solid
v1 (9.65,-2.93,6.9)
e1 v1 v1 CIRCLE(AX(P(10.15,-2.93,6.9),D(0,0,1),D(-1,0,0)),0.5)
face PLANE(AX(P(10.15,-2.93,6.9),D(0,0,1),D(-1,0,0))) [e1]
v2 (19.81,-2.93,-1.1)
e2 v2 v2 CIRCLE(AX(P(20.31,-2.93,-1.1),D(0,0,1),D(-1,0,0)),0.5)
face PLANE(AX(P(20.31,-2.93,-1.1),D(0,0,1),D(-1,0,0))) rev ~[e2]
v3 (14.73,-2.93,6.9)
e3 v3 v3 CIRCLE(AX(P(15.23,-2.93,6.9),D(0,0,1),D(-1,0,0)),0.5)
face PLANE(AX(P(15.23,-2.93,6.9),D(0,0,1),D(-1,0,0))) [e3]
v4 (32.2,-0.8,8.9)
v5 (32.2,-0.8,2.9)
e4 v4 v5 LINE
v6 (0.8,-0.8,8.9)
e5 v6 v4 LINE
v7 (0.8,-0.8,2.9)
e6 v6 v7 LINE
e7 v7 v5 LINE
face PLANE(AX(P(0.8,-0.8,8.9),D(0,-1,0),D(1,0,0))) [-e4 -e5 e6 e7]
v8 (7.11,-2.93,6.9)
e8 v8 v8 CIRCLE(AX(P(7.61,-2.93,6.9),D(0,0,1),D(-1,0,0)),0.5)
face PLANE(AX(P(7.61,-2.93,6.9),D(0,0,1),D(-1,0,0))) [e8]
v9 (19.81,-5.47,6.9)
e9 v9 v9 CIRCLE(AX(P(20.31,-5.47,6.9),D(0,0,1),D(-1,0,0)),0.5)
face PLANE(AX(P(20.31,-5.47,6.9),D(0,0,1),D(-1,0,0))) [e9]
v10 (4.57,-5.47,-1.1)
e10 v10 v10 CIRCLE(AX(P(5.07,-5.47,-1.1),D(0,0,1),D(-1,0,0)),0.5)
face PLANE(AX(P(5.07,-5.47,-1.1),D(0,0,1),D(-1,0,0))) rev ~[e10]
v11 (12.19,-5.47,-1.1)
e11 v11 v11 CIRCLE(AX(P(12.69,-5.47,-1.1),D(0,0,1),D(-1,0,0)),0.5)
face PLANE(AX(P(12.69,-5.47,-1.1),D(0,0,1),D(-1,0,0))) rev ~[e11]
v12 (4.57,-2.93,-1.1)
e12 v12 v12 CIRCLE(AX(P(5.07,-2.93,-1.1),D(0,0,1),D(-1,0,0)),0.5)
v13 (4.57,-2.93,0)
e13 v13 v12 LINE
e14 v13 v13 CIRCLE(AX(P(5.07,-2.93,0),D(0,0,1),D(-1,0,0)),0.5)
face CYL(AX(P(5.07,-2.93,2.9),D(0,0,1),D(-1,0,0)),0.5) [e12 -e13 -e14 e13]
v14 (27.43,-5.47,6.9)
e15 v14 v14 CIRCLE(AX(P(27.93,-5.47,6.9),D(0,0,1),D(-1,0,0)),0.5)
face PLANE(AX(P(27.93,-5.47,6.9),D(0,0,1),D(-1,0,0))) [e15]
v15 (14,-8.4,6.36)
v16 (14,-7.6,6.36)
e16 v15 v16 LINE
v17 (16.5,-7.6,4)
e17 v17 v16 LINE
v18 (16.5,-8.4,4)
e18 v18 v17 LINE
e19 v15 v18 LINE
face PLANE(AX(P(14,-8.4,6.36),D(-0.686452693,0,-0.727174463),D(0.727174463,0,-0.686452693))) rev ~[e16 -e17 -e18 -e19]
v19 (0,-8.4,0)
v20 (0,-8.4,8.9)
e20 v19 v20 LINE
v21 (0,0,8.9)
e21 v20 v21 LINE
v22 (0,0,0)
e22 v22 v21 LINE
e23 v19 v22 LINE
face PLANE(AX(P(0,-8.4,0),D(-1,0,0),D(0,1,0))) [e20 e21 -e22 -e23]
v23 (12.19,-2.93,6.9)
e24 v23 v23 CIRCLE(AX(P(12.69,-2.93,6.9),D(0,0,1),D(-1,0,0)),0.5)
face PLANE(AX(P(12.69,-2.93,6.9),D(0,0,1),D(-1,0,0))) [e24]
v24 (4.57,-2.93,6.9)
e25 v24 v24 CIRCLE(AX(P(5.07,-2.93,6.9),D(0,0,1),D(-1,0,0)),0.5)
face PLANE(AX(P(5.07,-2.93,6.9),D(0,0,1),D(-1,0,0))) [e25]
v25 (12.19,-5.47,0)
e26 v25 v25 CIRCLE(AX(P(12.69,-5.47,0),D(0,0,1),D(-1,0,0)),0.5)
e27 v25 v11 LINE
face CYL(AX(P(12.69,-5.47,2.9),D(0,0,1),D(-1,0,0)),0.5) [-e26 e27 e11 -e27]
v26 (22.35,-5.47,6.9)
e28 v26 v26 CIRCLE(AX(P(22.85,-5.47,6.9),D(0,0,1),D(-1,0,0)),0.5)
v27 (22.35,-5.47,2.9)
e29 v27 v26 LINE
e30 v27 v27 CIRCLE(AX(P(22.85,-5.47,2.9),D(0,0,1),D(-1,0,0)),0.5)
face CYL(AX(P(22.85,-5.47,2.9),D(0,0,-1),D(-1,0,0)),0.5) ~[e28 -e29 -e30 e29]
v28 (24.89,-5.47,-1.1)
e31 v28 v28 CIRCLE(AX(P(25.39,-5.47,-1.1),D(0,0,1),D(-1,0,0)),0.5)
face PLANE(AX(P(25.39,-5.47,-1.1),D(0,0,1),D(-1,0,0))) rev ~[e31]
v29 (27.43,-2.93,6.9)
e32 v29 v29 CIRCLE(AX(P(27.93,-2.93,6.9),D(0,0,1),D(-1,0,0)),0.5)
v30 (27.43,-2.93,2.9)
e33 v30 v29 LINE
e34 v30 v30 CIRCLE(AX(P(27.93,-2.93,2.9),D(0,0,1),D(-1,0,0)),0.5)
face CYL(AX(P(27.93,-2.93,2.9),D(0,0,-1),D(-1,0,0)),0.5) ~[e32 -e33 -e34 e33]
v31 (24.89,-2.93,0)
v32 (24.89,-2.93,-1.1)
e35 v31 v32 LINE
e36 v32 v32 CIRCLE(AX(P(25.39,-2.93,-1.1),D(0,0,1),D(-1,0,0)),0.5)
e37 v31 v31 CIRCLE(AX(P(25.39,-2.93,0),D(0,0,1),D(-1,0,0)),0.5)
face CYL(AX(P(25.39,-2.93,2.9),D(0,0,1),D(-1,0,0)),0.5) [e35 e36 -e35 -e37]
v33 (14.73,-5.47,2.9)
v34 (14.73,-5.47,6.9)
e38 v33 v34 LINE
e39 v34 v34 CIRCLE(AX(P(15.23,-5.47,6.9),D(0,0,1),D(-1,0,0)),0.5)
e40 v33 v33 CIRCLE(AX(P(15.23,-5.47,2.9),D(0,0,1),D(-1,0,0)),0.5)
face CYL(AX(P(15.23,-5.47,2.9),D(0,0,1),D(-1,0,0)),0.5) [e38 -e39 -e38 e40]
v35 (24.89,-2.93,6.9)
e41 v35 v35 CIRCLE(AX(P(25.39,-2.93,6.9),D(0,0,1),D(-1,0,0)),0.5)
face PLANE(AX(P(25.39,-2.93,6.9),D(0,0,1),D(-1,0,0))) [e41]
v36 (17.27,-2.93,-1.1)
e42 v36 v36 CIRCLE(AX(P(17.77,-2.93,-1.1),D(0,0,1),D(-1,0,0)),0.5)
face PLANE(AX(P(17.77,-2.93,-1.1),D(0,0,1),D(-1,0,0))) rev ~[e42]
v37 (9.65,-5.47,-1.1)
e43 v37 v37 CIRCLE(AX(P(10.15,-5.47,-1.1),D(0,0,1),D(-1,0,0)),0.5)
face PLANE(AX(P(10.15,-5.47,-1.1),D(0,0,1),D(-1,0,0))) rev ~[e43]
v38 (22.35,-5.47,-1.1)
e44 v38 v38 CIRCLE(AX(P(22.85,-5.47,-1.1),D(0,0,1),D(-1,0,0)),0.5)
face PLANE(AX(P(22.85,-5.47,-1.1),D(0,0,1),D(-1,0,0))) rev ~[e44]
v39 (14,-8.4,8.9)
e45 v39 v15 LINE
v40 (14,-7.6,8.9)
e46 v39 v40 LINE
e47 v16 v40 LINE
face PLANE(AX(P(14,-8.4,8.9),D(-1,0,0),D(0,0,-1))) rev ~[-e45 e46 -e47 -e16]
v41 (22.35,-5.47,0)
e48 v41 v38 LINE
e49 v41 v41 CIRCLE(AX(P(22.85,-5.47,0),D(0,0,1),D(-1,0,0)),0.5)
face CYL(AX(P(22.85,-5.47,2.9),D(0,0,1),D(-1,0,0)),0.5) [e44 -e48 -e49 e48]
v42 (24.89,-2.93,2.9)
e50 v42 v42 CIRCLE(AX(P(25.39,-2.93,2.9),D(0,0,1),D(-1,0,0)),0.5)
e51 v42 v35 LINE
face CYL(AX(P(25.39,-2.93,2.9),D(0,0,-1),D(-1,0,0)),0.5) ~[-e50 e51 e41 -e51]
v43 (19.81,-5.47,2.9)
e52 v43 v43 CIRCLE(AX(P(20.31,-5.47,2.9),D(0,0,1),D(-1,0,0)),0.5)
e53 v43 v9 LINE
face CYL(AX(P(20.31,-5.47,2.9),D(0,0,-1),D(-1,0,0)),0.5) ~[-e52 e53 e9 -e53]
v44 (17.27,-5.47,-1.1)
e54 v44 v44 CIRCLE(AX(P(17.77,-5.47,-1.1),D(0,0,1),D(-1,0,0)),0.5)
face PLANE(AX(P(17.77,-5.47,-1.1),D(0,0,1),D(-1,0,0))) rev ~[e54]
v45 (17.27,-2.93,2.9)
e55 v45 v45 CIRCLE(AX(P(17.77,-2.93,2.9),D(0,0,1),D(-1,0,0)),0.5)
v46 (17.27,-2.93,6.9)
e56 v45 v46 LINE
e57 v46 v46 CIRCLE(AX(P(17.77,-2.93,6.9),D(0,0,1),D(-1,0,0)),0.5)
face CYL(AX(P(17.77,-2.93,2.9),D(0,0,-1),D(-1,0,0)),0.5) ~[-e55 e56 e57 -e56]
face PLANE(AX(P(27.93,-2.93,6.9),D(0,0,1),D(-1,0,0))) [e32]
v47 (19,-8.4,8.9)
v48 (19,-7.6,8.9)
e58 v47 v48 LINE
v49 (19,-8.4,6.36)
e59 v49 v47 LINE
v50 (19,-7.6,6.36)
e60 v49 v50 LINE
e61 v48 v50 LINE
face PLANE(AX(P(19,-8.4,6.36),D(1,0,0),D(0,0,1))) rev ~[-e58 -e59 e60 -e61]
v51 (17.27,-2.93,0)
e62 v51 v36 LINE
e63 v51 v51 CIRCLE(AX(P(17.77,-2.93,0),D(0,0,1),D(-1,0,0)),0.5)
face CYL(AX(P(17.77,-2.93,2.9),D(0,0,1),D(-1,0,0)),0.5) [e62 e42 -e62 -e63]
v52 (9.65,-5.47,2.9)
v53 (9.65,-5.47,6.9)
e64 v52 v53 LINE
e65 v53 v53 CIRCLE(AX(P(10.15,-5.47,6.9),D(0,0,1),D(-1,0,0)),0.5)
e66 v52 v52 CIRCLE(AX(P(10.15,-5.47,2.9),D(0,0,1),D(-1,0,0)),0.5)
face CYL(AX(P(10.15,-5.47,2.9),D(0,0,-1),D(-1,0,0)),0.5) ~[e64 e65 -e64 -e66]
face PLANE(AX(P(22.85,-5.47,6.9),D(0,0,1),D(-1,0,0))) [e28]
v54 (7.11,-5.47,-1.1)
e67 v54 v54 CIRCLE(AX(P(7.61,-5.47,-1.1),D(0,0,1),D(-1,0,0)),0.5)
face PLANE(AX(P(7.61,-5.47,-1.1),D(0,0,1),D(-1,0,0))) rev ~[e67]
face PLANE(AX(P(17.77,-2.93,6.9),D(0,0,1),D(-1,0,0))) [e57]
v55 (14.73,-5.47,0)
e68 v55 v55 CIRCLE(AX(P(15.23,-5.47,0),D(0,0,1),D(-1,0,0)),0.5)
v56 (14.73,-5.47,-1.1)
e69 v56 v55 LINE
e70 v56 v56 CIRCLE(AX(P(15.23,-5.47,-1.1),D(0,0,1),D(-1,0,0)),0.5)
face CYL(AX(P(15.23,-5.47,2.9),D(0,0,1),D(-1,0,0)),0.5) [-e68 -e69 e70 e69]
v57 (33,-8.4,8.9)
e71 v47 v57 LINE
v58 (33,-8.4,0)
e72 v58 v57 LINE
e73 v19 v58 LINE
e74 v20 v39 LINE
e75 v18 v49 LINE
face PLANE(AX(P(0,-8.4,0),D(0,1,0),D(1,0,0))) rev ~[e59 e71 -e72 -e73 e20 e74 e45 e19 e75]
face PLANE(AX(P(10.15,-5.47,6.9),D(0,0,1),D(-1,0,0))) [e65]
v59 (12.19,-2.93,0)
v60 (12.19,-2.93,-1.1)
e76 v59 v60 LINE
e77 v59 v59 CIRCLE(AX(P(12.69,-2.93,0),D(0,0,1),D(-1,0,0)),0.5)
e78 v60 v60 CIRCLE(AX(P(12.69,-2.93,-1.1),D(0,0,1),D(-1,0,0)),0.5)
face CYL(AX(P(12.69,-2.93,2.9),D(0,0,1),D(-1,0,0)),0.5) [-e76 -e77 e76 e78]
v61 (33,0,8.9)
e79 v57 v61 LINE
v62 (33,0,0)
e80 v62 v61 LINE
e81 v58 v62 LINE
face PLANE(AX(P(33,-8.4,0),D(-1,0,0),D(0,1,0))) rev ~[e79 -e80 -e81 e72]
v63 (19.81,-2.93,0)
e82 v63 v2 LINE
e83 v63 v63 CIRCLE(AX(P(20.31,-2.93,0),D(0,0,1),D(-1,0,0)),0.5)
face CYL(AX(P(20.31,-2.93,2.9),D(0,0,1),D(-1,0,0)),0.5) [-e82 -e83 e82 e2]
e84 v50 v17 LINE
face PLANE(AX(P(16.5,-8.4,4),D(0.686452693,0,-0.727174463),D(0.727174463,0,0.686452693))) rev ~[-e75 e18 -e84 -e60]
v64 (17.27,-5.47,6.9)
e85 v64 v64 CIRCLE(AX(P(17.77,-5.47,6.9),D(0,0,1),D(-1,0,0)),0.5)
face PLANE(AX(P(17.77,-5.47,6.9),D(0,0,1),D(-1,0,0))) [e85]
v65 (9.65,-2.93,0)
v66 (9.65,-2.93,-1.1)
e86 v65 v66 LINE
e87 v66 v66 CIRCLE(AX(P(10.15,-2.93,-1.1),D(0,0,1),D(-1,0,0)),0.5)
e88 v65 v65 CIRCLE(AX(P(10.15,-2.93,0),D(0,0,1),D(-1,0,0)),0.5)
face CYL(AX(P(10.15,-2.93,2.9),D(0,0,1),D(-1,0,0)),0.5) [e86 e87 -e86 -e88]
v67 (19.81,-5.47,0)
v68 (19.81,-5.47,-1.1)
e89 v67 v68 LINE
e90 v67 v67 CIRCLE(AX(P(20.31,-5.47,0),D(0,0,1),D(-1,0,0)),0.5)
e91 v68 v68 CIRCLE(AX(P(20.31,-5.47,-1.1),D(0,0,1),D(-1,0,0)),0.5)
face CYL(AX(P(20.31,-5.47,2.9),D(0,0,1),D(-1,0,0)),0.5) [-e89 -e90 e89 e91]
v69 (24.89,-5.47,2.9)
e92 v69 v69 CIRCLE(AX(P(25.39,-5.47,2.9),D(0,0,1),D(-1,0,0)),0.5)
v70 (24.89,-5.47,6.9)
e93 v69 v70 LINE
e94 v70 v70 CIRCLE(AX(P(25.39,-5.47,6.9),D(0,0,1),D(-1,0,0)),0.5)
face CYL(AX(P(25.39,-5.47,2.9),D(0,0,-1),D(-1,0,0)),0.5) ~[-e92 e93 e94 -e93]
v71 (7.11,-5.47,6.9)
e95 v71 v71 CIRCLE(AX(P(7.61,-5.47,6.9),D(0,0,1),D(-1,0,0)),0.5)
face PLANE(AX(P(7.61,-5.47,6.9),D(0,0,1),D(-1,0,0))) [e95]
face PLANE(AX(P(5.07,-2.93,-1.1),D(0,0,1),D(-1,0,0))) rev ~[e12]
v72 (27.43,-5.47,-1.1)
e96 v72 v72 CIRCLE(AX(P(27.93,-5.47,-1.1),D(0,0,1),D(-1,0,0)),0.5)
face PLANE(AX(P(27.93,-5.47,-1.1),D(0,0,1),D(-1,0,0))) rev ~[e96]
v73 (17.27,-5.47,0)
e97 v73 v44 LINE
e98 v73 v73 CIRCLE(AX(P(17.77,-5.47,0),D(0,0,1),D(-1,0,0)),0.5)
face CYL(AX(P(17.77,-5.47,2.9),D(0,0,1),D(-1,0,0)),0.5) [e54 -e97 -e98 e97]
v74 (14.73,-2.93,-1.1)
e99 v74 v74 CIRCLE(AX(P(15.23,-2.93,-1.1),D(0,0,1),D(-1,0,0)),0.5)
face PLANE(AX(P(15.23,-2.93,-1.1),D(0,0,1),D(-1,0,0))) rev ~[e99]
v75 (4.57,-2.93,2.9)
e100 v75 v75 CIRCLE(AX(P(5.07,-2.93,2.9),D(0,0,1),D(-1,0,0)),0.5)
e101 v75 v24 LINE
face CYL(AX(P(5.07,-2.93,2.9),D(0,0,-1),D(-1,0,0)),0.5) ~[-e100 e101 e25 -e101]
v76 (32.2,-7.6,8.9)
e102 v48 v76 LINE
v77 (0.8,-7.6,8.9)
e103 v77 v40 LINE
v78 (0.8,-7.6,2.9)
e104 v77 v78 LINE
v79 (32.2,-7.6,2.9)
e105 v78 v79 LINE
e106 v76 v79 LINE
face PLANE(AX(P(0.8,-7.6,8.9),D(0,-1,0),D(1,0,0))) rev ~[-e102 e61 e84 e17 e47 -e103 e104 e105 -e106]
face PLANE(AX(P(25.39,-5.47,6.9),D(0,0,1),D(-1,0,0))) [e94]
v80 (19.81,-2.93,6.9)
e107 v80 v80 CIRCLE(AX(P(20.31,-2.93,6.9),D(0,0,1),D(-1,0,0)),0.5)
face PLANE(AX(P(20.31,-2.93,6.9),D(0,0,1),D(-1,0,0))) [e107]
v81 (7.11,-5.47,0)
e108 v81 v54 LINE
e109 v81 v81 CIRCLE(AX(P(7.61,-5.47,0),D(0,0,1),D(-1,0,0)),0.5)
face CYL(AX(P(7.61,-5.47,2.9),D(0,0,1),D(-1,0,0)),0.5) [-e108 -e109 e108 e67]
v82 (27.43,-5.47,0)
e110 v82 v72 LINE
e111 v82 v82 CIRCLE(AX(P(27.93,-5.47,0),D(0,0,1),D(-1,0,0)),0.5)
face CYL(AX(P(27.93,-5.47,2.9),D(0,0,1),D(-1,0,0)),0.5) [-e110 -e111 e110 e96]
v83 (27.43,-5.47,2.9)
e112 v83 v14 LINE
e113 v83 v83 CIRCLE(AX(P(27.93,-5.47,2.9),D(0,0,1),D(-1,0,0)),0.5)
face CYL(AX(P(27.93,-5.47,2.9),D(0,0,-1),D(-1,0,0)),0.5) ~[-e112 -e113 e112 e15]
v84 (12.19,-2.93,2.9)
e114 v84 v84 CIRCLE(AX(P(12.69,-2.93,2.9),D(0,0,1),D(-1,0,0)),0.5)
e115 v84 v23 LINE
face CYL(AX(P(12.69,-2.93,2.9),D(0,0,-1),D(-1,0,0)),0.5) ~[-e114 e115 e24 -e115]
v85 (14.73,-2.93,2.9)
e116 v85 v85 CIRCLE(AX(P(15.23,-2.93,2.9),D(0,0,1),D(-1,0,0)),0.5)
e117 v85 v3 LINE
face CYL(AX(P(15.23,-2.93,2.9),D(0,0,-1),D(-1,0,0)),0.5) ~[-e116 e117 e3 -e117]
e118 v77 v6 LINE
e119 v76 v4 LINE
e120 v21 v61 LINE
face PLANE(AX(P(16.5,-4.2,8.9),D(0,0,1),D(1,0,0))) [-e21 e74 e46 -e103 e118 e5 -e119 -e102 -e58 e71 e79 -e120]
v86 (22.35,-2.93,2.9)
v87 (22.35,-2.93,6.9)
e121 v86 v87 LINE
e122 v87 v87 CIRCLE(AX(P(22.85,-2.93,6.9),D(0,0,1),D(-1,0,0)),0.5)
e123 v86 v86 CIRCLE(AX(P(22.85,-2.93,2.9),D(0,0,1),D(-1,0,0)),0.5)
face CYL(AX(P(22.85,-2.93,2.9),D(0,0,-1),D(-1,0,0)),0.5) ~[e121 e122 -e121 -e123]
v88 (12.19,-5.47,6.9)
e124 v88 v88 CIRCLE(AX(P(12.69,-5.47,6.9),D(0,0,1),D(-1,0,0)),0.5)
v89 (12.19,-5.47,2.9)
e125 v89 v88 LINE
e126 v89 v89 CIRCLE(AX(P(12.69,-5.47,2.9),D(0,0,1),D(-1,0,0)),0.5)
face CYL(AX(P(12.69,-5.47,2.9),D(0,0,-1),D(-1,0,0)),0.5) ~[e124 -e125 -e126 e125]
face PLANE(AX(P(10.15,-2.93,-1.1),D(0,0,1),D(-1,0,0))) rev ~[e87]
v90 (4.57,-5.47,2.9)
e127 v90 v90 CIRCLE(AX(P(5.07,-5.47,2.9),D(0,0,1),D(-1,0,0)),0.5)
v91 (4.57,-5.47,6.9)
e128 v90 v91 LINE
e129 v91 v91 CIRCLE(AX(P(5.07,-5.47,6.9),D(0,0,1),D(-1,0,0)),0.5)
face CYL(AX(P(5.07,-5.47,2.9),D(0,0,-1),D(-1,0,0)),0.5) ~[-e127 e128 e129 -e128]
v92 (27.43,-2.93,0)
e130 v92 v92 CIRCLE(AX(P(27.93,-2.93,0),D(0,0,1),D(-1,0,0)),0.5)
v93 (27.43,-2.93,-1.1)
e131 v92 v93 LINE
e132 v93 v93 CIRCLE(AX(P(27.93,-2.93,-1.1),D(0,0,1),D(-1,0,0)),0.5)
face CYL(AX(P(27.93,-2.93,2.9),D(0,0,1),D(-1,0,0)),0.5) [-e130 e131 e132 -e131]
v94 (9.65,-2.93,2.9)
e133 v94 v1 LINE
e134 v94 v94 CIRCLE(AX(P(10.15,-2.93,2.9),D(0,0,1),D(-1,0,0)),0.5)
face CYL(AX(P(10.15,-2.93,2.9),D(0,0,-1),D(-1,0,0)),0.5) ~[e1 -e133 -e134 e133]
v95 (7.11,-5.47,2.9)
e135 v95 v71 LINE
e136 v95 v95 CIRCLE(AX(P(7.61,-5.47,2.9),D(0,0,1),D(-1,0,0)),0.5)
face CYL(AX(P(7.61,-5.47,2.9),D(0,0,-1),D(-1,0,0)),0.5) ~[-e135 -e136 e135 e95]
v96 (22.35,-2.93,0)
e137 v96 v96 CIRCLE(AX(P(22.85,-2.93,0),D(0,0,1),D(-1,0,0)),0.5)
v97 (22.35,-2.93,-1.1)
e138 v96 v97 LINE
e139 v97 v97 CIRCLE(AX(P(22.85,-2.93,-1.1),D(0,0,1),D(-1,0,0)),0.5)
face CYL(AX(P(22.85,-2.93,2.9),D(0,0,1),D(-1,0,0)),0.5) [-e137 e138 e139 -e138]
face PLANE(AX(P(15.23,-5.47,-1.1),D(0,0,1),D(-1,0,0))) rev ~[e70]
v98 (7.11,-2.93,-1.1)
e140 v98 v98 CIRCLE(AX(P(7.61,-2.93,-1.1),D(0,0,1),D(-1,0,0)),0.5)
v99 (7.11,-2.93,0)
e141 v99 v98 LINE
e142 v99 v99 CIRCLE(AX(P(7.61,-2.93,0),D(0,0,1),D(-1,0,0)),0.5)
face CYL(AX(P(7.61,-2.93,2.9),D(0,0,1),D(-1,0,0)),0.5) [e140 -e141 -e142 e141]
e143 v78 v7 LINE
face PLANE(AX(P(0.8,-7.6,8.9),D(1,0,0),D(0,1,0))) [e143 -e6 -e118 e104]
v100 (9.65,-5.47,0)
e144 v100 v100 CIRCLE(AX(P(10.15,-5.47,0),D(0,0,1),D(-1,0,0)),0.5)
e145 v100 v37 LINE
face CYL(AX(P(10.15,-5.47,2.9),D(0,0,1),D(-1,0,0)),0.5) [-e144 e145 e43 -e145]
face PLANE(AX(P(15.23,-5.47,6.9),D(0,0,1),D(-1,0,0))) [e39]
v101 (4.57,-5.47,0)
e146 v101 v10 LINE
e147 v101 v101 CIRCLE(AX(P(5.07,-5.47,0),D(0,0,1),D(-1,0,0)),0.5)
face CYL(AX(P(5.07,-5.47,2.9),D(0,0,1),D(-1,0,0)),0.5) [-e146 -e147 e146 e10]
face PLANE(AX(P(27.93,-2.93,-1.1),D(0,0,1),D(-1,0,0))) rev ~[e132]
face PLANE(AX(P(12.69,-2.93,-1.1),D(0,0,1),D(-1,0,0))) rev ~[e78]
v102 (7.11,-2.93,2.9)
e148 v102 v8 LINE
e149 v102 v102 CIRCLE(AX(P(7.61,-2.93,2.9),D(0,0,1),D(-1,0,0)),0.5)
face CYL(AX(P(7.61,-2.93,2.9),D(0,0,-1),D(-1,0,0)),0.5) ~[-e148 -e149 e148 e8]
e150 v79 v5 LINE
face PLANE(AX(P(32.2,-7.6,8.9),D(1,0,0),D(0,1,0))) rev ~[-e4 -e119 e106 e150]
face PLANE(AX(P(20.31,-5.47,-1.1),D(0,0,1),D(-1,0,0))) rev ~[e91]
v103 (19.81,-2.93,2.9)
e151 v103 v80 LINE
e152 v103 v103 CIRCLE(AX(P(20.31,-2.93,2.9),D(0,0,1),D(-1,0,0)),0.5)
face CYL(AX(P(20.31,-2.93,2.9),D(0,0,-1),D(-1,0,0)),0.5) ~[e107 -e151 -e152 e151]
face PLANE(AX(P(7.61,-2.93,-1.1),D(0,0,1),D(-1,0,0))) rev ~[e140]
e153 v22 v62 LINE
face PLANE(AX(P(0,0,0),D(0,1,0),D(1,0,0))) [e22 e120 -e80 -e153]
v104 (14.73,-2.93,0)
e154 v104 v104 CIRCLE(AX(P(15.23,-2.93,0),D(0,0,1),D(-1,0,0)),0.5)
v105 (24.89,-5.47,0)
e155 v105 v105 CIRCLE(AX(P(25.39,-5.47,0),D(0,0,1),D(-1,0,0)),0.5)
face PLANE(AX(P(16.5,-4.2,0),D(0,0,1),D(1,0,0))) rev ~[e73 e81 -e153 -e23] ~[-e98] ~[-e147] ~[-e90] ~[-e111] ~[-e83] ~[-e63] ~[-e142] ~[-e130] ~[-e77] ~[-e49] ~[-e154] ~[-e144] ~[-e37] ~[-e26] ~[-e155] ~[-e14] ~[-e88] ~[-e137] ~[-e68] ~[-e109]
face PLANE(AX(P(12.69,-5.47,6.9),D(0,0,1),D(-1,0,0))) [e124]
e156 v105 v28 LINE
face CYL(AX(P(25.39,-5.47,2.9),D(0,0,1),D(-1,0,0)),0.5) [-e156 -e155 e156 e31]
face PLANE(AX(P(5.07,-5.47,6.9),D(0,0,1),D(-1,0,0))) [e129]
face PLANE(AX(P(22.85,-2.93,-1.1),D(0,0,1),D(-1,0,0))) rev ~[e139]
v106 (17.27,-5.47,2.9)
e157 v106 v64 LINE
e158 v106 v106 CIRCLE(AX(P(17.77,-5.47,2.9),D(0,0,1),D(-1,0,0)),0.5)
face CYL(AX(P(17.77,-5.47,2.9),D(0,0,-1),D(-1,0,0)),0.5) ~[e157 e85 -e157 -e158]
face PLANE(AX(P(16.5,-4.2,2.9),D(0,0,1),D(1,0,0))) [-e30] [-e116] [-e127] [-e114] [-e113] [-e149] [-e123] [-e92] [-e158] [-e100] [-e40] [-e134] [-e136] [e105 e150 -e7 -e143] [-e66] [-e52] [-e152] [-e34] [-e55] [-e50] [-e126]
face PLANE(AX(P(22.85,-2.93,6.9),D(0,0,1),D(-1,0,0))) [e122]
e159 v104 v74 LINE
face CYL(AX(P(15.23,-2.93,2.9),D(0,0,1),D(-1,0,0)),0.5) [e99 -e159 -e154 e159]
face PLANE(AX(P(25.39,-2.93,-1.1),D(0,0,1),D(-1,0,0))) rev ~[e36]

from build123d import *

# Parameters (mm, degrees)
SKETCH_1_W          = 33
SKETCH_1_H          = 8.4
EXTRUDE_1_DEPTH     = 8.9
SKETCH_2_W          = 31.4
SKETCH_2_H          = 6.8
CUT_EXTRUDE_1_DEPTH = 6
CUT_EXTRUDE_2_REACH = 37.196
SKETCH_4_R          = 0.5
EXTRUDE_2_DEPTH     = 4


with BuildPart() as part:
    # 草图1 → 凸台-拉伸1 (new body)
    with BuildSketch(Plane.XY):
        with Locations((16.5, -4.2)):
            Rectangle(SKETCH_1_W, SKETCH_1_H)
    extrude(amount=EXTRUDE_1_DEPTH)

    # 草图2 → 切除-拉伸1 (cut)
    with BuildSketch(Plane.XY.offset(8.9)):
        with Locations((16.5, -4.2)):
            Rectangle(SKETCH_2_W, SKETCH_2_H)
    extrude(amount=-CUT_EXTRUDE_1_DEPTH, mode=Mode.SUBTRACT)

    # 草图3 → 切除-拉伸2 (cut, up to next)
    with BuildSketch(Plane.XZ.offset(8.4), mode=Mode.PRIVATE) as cut_extrude_2_sk1:
        Polygon((14, 8.9), (14, 6.36), (16.5, 4), (19, 6.36), (19, 8.9), align=None)
    cut_extrude_2_tool1 = extrude(cut_extrude_2_sk1.sketch, amount=-CUT_EXTRUDE_2_REACH, mode=Mode.PRIVATE) & part.part
    add(cut_extrude_2_tool1.solids().sort_by_distance((16.5, -8.4, 6.977616))[0], mode=Mode.SUBTRACT)

    # 草图4 → 凸台-拉伸2 (add, symmetric)
    with BuildSketch(Plane.XY.offset(2.9)):
        with Locations(Location((20.31, -5.47, 0), (0, 0, 180))):
            Circle(SKETCH_4_R)
        with Locations(Location((17.77, -2.93, 0), (0, 0, 180))):
            Circle(SKETCH_4_R)
        with Locations(Location((20.31, -2.93, 0), (0, 0, 180))):
            Circle(SKETCH_4_R)
        with Locations(Location((22.85, -5.47, 0), (0, 0, 180))):
            Circle(SKETCH_4_R)
        with Locations(Location((22.85, -2.93, 0), (0, 0, 180))):
            Circle(SKETCH_4_R)
        with Locations(Location((25.39, -5.47, 0), (0, 0, 180))):
            Circle(SKETCH_4_R)
        with Locations(Location((17.77, -5.47, 0), (0, 0, 180))):
            Circle(SKETCH_4_R)
        with Locations(Location((25.39, -2.93, 0), (0, 0, 180))):
            Circle(SKETCH_4_R)
        with Locations(Location((27.93, -5.47, 0), (0, 0, 180))):
            Circle(SKETCH_4_R)
        with Locations(Location((27.93, -2.93, 0), (0, 0, 180))):
            Circle(SKETCH_4_R)
        with Locations(Location((5.07, -2.93, 0), (0, 0, 180))):
            Circle(SKETCH_4_R)
        with Locations(Location((5.07, -5.47, 0), (0, 0, 180))):
            Circle(SKETCH_4_R)
        with Locations(Location((7.61, -5.47, 0), (0, 0, 180))):
            Circle(SKETCH_4_R)
        with Locations(Location((7.61, -2.93, 0), (0, 0, 180))):
            Circle(SKETCH_4_R)
        with Locations(Location((10.15, -2.93, 0), (0, 0, 180))):
            Circle(SKETCH_4_R)
        with Locations(Location((10.15, -5.47, 0), (0, 0, 180))):
            Circle(SKETCH_4_R)
        with Locations(Location((12.69, -5.47, 0), (0, 0, 180))):
            Circle(SKETCH_4_R)
        with Locations(Location((12.69, -2.93, 0), (0, 0, 180))):
            Circle(SKETCH_4_R)
        with Locations(Location((15.23, -2.93, 0), (0, 0, 180))):
            Circle(SKETCH_4_R)
        with Locations(Location((15.23, -5.47, 0), (0, 0, 180))):
            Circle(SKETCH_4_R)
    extrude(amount=EXTRUDE_2_DEPTH, both=True)


solid = part.part
